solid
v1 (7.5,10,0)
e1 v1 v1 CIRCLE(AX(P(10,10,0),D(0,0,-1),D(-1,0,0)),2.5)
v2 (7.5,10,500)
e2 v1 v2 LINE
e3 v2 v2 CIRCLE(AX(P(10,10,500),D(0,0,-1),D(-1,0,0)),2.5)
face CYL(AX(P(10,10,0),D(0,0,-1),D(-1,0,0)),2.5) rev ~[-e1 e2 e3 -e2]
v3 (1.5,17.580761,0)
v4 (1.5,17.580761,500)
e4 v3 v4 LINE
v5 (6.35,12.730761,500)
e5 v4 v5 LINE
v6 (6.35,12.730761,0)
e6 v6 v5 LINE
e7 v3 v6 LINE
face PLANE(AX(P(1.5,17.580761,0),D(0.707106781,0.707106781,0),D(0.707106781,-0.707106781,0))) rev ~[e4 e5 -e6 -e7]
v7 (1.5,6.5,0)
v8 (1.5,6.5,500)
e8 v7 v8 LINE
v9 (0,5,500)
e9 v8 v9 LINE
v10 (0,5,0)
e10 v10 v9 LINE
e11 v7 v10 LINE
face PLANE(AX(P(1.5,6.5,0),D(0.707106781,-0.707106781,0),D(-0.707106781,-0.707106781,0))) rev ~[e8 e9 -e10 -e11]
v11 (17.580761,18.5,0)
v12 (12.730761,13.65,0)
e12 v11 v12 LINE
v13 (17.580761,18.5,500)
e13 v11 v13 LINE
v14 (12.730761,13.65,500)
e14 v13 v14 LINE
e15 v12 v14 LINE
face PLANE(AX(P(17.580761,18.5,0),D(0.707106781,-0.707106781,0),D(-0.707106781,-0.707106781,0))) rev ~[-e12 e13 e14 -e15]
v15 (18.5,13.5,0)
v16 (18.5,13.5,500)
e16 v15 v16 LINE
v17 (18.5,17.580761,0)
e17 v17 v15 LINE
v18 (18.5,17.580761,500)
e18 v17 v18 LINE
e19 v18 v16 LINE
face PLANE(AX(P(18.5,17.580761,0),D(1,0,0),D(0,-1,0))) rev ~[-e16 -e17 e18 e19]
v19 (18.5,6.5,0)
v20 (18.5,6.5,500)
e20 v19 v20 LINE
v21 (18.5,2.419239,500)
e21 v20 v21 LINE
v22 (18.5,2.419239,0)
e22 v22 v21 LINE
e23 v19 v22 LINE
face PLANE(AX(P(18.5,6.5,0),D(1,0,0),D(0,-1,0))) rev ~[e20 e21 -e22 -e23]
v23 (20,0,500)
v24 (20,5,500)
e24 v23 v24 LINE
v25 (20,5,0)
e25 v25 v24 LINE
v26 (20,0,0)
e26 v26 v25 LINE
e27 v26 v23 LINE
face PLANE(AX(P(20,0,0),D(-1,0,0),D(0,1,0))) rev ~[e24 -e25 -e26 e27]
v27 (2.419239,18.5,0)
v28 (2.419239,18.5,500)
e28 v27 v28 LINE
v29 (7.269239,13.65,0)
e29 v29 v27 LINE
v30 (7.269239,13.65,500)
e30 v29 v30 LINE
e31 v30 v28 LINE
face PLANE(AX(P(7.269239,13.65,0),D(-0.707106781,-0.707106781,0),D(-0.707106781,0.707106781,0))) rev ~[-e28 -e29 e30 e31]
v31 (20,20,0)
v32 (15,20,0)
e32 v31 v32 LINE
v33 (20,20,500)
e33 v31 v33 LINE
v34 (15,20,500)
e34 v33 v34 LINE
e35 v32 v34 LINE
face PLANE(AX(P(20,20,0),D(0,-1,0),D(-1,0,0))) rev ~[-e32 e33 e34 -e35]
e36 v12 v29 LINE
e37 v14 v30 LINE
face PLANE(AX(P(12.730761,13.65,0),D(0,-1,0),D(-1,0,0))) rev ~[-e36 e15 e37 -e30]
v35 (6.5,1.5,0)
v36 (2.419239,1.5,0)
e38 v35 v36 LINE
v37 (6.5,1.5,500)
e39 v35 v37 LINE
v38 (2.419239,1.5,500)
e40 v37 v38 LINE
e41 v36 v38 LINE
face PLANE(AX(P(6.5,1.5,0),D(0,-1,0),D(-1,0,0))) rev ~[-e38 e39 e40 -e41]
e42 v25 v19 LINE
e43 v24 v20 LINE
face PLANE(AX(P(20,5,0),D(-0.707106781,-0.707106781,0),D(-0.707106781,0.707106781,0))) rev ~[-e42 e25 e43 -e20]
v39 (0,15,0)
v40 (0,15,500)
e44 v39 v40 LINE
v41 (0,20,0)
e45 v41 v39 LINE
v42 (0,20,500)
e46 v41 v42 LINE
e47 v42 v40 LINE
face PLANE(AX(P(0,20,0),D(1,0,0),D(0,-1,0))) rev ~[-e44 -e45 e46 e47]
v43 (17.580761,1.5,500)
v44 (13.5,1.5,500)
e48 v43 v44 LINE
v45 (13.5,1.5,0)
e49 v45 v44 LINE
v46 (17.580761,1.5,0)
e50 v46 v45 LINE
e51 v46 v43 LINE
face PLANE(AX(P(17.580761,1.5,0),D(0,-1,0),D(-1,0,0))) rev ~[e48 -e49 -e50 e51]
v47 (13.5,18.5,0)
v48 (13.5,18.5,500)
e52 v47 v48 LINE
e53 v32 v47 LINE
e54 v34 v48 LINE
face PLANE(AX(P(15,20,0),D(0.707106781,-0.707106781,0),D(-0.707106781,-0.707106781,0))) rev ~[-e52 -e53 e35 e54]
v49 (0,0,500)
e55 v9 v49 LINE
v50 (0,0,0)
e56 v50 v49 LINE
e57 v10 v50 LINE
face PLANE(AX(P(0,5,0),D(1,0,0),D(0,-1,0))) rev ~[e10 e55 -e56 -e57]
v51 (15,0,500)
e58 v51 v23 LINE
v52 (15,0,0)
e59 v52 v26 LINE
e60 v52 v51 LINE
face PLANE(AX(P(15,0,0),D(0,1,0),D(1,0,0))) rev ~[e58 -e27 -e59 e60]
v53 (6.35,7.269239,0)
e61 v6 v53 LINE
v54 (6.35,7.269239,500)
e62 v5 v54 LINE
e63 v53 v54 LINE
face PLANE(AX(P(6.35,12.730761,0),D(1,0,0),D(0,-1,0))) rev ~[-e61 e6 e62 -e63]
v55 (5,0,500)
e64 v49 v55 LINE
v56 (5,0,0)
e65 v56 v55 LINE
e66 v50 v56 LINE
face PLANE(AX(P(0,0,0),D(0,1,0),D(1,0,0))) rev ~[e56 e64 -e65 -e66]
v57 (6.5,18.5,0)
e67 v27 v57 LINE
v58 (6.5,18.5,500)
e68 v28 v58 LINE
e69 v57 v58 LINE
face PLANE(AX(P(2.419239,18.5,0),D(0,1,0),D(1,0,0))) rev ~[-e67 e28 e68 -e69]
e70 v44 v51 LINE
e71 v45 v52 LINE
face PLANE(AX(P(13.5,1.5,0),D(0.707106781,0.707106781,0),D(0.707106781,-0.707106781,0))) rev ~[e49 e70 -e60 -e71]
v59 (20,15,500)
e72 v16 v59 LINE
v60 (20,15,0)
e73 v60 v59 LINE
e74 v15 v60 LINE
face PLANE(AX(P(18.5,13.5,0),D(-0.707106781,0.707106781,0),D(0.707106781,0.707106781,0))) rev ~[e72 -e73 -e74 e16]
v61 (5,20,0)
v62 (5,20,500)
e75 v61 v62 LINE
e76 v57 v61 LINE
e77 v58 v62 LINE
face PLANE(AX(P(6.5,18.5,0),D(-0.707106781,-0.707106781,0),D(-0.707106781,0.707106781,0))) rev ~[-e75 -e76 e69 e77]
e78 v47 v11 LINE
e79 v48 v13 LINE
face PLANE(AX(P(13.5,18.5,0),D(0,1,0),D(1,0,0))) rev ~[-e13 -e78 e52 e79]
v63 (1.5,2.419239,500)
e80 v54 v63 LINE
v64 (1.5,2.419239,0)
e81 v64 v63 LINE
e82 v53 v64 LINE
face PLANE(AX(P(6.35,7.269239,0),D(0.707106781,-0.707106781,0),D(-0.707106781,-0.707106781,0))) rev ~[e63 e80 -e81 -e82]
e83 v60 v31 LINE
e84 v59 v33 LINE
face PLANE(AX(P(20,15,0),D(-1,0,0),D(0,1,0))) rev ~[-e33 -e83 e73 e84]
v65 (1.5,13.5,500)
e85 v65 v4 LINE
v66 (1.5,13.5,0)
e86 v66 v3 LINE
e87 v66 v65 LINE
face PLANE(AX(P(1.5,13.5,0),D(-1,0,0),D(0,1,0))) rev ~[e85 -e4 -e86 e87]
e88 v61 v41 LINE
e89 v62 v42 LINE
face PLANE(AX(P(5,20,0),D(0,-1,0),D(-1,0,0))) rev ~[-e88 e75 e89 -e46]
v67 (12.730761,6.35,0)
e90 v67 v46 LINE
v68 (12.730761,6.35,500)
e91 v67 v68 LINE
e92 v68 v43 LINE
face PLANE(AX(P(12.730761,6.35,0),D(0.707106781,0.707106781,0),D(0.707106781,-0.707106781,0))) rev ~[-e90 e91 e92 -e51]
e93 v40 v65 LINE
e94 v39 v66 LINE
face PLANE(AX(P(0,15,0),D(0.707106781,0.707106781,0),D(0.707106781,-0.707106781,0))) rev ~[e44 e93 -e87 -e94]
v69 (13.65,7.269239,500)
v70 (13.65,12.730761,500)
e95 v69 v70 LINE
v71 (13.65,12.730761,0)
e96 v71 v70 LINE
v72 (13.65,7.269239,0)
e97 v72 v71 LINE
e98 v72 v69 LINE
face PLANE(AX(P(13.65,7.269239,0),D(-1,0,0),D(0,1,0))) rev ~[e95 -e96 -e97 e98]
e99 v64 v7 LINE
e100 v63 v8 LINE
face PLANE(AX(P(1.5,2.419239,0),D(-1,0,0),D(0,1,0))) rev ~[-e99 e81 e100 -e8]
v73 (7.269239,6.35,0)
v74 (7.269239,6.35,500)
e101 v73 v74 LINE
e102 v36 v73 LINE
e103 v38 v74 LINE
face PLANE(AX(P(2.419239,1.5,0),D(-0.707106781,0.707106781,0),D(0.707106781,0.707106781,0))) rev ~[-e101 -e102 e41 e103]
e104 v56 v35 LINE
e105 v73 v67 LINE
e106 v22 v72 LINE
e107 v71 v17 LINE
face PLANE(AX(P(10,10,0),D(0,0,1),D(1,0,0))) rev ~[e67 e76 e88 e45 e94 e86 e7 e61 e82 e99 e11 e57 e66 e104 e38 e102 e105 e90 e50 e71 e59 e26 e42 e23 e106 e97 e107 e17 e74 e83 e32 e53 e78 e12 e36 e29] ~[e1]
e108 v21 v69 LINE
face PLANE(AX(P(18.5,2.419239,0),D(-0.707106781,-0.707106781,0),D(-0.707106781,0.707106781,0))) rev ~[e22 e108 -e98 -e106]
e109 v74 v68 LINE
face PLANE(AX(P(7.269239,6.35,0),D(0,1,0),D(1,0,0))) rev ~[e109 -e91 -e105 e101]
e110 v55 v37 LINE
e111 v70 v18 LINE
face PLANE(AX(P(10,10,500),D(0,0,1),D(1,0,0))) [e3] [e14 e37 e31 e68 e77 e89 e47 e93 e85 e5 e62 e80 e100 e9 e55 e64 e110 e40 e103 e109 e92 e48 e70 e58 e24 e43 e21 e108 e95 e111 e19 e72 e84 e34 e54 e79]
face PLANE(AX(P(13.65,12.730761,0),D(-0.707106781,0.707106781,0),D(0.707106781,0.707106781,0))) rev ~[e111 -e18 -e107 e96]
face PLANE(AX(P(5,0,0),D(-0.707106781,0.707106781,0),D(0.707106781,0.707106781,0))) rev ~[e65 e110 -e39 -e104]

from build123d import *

# Parameters (mm, degrees)
EXTRUDE_1_DEPTH     = 500
SKETCH_2_R          = 2.5
CUT_EXTRUDE_1_DEPTH = 501.799361022


with BuildPart() as part:
    # 草图1 → 凸台-拉伸1 (new body)
    with BuildSketch(Plane.XY):
        Polygon((0, 0), (5, 0), (6.5, 1.5), (2.419238816, 1.5), (7.269238816, 6.35), (12.730761184, 6.35), (17.580761184, 1.5), (13.5, 1.5), (15, 0), (20, 0), (20, 5), (18.5, 6.5), (18.5, 2.419238816), (13.65, 7.269238816), (13.65, 12.730761184), (18.5, 17.580761184), (18.5, 13.5), (20, 15), (20, 20), (15, 20), (13.5, 18.5), (17.580761184, 18.5), (12.730761184, 13.65), (7.269238816, 13.65), (2.419238816, 18.5), (6.5, 18.5), (5, 20), (0, 20), (0, 15), (1.5, 13.5), (1.5, 17.580761184), (6.35, 12.730761184), (6.35, 7.269238816), (1.5, 2.419238816), (1.5, 6.5), (0, 5), align=None)
    extrude(amount=EXTRUDE_1_DEPTH)

    # 草图2 → 切除-拉伸1 (cut, through all)
    with BuildSketch(Plane(origin=(0, 0, 0), x_dir=(-1, 0, 0), z_dir=(0, 0, -1))):
        with Locations((-10, 10)):
            Circle(SKETCH_2_R)
    extrude(amount=-CUT_EXTRUDE_1_DEPTH, mode=Mode.SUBTRACT)


solid = part.part
